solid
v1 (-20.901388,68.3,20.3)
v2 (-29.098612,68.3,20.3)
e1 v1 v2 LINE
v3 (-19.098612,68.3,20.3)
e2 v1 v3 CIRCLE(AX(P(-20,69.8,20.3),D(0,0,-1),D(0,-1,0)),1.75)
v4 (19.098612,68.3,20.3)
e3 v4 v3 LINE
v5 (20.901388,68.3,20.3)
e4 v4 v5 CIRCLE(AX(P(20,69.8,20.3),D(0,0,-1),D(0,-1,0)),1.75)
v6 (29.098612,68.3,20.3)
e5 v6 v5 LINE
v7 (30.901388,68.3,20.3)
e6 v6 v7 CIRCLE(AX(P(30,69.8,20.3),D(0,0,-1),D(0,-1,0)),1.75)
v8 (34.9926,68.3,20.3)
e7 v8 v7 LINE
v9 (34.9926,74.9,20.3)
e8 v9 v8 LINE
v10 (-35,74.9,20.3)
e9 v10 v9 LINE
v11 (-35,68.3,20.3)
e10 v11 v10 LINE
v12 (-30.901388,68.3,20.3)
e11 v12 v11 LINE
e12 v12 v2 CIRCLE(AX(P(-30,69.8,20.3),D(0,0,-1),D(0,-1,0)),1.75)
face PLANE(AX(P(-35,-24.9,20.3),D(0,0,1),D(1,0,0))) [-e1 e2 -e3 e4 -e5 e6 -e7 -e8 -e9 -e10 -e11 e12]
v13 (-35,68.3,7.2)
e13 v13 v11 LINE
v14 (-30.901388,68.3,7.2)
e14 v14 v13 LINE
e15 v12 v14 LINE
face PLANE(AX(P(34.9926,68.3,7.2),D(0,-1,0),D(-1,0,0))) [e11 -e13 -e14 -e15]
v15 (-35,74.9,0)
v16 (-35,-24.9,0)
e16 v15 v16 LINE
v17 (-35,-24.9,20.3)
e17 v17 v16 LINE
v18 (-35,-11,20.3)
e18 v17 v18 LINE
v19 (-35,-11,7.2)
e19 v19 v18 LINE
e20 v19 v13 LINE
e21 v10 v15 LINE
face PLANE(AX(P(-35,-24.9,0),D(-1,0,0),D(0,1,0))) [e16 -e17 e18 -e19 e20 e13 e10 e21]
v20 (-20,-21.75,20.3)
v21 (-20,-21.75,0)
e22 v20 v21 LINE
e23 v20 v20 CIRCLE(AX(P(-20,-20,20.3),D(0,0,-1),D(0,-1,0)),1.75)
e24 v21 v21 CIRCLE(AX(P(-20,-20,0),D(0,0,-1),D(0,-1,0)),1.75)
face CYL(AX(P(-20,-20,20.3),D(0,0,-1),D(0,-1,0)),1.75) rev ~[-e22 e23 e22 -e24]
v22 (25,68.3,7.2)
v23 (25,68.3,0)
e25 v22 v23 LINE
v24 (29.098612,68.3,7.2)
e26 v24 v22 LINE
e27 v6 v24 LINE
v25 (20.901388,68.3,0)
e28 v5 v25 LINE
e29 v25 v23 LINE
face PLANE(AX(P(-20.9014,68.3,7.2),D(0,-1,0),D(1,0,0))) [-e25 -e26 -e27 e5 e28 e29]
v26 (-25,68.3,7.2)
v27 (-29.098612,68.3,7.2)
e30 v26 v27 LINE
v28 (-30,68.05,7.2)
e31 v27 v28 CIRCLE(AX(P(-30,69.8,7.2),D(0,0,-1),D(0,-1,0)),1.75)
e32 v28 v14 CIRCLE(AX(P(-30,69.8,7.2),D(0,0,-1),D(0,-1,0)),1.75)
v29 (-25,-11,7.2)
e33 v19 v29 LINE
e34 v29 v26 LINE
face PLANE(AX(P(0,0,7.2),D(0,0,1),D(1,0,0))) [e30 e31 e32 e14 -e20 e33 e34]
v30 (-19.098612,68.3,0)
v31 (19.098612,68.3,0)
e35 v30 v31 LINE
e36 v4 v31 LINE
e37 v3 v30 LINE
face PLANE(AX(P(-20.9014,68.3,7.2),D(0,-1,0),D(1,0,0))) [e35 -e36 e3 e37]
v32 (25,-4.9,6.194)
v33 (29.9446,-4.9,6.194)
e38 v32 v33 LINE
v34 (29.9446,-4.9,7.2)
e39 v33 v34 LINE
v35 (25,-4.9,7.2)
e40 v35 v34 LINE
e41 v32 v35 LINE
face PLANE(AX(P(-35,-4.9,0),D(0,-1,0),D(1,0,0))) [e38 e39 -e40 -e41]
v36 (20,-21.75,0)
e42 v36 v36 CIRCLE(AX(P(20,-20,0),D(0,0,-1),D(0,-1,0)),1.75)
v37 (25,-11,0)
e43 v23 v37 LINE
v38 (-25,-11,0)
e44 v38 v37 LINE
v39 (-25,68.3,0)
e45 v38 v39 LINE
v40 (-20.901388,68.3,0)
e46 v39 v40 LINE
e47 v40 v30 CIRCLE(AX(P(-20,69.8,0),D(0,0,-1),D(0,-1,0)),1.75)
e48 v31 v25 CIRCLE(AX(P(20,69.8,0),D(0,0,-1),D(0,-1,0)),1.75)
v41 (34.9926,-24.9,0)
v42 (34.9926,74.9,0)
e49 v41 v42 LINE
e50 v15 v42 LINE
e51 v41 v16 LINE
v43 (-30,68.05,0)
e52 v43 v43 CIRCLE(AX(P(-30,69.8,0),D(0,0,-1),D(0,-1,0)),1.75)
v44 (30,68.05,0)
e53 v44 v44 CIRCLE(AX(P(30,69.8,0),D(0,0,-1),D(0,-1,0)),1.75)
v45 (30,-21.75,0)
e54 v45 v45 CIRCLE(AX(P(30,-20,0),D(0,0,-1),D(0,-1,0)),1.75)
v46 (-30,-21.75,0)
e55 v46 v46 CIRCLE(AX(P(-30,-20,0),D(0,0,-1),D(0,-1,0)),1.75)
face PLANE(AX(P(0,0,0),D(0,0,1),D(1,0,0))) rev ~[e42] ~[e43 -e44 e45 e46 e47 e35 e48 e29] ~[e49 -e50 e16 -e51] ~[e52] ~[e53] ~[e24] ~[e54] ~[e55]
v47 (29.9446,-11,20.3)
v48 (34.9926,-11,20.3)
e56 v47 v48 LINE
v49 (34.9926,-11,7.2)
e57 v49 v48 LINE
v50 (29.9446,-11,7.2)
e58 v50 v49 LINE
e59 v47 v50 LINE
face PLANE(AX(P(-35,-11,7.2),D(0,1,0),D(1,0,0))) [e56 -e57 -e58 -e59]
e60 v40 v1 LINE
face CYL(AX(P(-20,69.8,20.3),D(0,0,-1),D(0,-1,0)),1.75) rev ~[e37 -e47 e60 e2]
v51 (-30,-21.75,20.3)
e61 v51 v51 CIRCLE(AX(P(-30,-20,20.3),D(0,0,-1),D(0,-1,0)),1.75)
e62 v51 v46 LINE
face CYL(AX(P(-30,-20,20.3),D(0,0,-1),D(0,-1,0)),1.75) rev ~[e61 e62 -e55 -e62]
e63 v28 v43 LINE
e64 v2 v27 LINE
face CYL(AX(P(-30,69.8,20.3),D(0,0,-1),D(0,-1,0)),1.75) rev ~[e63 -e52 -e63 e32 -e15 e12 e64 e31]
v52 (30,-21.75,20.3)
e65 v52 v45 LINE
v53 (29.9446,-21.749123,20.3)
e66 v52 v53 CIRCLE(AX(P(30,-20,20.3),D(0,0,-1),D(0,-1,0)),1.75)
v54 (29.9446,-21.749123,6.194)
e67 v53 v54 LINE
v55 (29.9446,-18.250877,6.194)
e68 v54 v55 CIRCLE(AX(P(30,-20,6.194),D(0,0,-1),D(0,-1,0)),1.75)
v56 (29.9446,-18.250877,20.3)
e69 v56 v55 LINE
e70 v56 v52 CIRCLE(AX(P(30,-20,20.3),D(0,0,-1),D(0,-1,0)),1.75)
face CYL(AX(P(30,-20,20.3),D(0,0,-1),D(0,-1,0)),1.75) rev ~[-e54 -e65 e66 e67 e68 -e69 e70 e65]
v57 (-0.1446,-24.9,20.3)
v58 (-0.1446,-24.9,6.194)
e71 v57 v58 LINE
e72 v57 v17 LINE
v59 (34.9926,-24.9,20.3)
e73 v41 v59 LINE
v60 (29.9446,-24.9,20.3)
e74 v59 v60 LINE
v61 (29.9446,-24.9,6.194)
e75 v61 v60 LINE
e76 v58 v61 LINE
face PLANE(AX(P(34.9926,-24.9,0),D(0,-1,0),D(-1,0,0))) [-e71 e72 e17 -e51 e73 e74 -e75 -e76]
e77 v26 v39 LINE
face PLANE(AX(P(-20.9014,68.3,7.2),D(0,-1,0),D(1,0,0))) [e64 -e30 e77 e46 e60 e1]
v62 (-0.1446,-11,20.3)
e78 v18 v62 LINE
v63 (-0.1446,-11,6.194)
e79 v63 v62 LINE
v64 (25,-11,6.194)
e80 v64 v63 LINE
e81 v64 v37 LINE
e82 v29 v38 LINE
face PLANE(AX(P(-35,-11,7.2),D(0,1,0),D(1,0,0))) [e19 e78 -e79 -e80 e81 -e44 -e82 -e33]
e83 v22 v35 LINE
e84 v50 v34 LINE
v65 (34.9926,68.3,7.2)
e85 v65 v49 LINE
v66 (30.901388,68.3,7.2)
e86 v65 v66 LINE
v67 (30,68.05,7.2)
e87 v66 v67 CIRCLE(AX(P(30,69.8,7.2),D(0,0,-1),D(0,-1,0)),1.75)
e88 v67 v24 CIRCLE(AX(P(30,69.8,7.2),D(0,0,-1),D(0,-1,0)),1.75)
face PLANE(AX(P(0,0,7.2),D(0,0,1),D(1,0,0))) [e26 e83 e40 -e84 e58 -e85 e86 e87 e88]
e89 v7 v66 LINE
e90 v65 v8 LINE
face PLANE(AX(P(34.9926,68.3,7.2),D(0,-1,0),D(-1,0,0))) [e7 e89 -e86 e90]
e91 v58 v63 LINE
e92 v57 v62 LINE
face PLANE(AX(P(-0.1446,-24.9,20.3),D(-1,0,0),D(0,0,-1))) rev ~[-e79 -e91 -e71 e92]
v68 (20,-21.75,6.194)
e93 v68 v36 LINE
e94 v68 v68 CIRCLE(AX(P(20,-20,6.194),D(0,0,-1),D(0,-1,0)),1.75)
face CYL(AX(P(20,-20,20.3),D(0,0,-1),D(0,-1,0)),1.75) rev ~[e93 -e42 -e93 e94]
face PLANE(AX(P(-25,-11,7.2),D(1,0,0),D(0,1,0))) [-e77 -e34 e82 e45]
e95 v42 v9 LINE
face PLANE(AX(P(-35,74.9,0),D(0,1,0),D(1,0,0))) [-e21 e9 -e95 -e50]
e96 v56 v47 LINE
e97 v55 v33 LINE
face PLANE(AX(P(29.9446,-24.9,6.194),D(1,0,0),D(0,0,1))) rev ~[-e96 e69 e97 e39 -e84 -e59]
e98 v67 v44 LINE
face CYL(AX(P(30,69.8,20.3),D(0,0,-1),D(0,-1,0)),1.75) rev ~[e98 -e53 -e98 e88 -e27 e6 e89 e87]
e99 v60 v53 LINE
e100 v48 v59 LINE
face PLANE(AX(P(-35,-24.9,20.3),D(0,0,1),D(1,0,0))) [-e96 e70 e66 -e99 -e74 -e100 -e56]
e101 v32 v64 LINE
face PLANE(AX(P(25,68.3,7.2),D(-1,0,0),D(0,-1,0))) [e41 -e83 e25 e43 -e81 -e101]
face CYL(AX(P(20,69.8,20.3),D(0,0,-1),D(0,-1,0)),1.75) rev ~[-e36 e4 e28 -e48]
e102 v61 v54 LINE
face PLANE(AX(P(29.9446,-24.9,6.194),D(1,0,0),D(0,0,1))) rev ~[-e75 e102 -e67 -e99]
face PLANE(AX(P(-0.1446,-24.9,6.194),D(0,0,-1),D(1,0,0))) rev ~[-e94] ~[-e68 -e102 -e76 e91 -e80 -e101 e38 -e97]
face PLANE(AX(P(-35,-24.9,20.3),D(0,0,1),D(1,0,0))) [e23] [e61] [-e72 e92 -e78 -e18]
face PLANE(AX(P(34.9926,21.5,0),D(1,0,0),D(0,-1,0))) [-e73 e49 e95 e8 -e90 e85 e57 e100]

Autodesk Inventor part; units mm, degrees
ref_plane "YZ Plane" through (0, 0, 0) normal (1, 0, 0) x (0, 1, 0)
ref_plane "Arbeitsebene1" through (0, 0, 0) normal (0, 0, 1) x (1, 0, 0)
sketch "Skizze1" plane through (0, 0, 0) normal (0, 0, 1) x (1, 0, 0)
  arc A0 (63.4381, 5.6873) -> (63.3881, 5.2) centre (65.7881, 5.2) ccw construction
  line L0 (63.4381, 5.6873) -> (63.4381, 7.6) construction
  line L1 (63.4381, 7.6) -> (65.7881, 7.6) construction
  arc A1 (68.1881, 5.2) -> (65.7881, 7.6) centre (65.7881, 5.2) ccw construction
  line L2 (68.1881, 5.2) -> (68.1881, -5.2) construction
  arc A2 (65.7881, -7.6) -> (68.1881, -5.2) centre (65.7881, -5.2) ccw construction
  line L3 (65.7881, -7.6) -> (63.4381, -7.6) construction
  line L4 (63.4381, -7.6) -> (63.4381, -5.6873) construction
  arc A3 (63.3881, -5.2) -> (63.4381, -5.6873) centre (65.7881, -5.2) ccw construction
  line L5 (63.3881, -5.2) -> (63.3881, 5.2) construction
  arc A4 (-72.9, 74.9) -> (-74.9, 72.9) centre (-72.9, 72.9) ccw construction
  line L6 (-74.9, 72.9) -> (-74.9, -22.9) construction
  arc A5 (-74.9, -22.9) -> (-72.9, -24.9) centre (-72.9, -22.9) ccw construction
  line L7 (-72.9, -24.9) -> (72.9, -24.9) construction
  arc A6 (72.9, -24.9) -> (74.9, -22.9) centre (72.9, -22.9) ccw construction
  line L8 (74.9, -22.9) -> (74.9, 72.9) construction
  arc A7 (74.9, 72.9) -> (72.9, 74.9) centre (72.9, 72.9) ccw construction
  line L9 (72.9, 74.9) -> (-72.9, 74.9) construction
  circle A8 centre (-70, -20) radius 1.6 construction
  circle A9 centre (70, -20) radius 1.6 construction
  circle A10 centre (70, 20) radius 1.6 construction
  circle A11 centre (-70, 20) radius 1.6 construction
  arc A12 (-58.3017, -21.066) -> (-56.7383, -21.066) centre (-57.52, -20.62) ccw construction
  line L10 (-58.3017, -21.066) -> (-67.9, -21.066) construction
  line L11 (-67.9, -21.066) -> (-67.9, -9) construction
  line L12 (-67.9, -9) -> (-64.5, -9) construction
  arc A13 (-64.5, -9) -> (-61.5, -6) centre (-64.5, -6) ccw construction
  line L13 (-61.5, -6) -> (-61.5, 6) construction
  arc A14 (-61.5, 6) -> (-64.5, 9) centre (-64.5, 6) ccw construction
  line L14 (-64.5, 9) -> (-67.9, 9) construction
  line L15 (-67.9, 28.5) -> (-67.9, 64.9) construction
  line L16 (67.9, 64.9) -> (67.9, 28.5) construction
  arc A15 (64.9, 9) -> (67.9, 12) centre (64.9, 12) ccw construction
  line L17 (64.5, 9) -> (64.9, 9) construction
  arc A16 (64.5, 9) -> (61.5, 6) centre (64.5, 6) ccw construction
  line L18 (61.5, -6) -> (61.5, 6) construction
  arc A17 (61.5, -6) -> (64.5, -9) centre (64.5, -6) ccw construction
  line L19 (64.9, -9) -> (64.5, -9) construction
  arc A18 (67.9, -12) -> (64.9, -9) centre (64.9, -12) ccw construction
  line L20 (67.9, -12) -> (67.9, -21.066) construction
  line L21 (67.9, -21.066) -> (58.3017, -21.066) construction
  arc A19 (56.7383, -21.066) -> (58.3017, -21.066) centre (57.52, -20.62) ccw construction
  line L22 (56.7383, -21.066) -> (43.0617, -21.066) construction
  arc A20 (41.4983, -21.066) -> (43.0617, -21.066) centre (42.28, -20.62) ccw construction
  line L23 (41.4983, -21.066) -> (31.1932, -21.066) construction
  arc A21 (28.8068, -21.066) -> (31.1932, -21.066) centre (30, -20) ccw construction
  line L24 (28.8068, -21.066) -> (21.1932, -21.066) construction
  arc A22 (18.8068, -21.066) -> (21.1932, -21.066) centre (20, -20) ccw construction
  line L25 (18.8068, -21.066) -> (-18.8068, -21.066) construction
  arc A23 (-21.1932, -21.066) -> (-18.8068, -21.066) centre (-20, -20) ccw construction
  line L26 (-21.1932, -21.066) -> (-28.8068, -21.066) construction
  arc A24 (-31.1932, -21.066) -> (-28.8068, -21.066) centre (-30, -20) ccw construction
  line L27 (-31.1932, -21.066) -> (-41.4983, -21.066) construction
  arc A25 (-43.0617, -21.066) -> (-41.4983, -21.066) centre (-42.28, -20.62) ccw construction
  line L28 (-43.0617, -21.066) -> (-56.7383, -21.066) construction
  arc A26 (-63.4381, -5.6873) -> (-63.3881, -5.2) centre (-65.7881, -5.2) ccw construction
  line L29 (-63.4381, -5.6873) -> (-63.4381, -7.6) construction
  line L30 (-63.4381, -7.6) -> (-65.7881, -7.6) construction
  arc A27 (-68.1881, -5.2) -> (-65.7881, -7.6) centre (-65.7881, -5.2) ccw construction
  line L31 (-68.1881, -5.2) -> (-68.1881, 5.2) construction
  arc A28 (-65.7881, 7.6) -> (-68.1881, 5.2) centre (-65.7881, 5.2) ccw construction
  line L32 (-65.7881, 7.6) -> (-63.4381, 7.6) construction
  line L33 (-63.4381, 7.6) -> (-63.4381, 5.6873) construction
  arc A29 (-63.3881, 5.2) -> (-63.4381, 5.6873) centre (-65.7881, 5.2) ccw construction
  line L34 (-63.3881, 5.2) -> (-63.3881, -5.2) construction
  arc A30 (-63.4381, -55.4873) -> (-63.3881, -55) centre (-65.7881, -55) ccw construction
  line L35 (-63.4381, -55.4873) -> (-63.4381, -57.4) construction
  line L36 (-63.4381, -57.4) -> (-65.7881, -57.4) construction
  arc A31 (-68.1881, -55) -> (-65.7881, -57.4) centre (-65.7881, -55) ccw construction
  line L37 (-68.1881, -55) -> (-68.1881, -44.6) construction
  arc A32 (-65.7881, -42.2) -> (-68.1881, -44.6) centre (-65.7881, -44.6) ccw construction
  line L38 (-65.7881, -42.2) -> (-63.4381, -42.2) construction
  line L39 (-63.4381, -42.2) -> (-63.4381, -44.1127) construction
  arc A33 (-63.3881, -44.6) -> (-63.4381, -44.1127) centre (-65.7881, -44.6) ccw construction
  line L40 (-63.3881, -44.6) -> (-63.3881, -55) construction
  arc A34 (72.9, -74.7) -> (74.9, -72.7) centre (72.9, -72.7) ccw construction
  line L41 (74.9, -72.7) -> (74.9, -26.9) construction
  arc A35 (74.9, -26.9) -> (72.9, -24.9) centre (72.9, -26.9) ccw construction
  line L42 (72.9, -24.9) -> (-72.9, -24.9) construction
  arc A36 (-72.9, -24.9) -> (-74.9, -26.9) centre (-72.9, -26.9) ccw construction
  line L43 (-74.9, -26.9) -> (-74.9, -72.7) construction
  arc A37 (-74.9, -72.7) -> (-72.9, -74.7) centre (-72.9, -72.7) ccw construction
  line L44 (-72.9, -74.7) -> (72.9, -74.7) construction
  circle A38 centre (70, -29.8) radius 1.6 construction
  circle A39 centre (-70, -29.8) radius 1.6 construction
  circle A40 centre (-70, -69.8) radius 1.6 construction
  circle A41 centre (70, -69.8) radius 1.6 construction
  arc A42 (58.3017, -28.734) -> (56.7383, -28.734) centre (57.52, -29.18) ccw construction
  line L45 (58.3017, -28.734) -> (67.9, -28.734) construction
  line L46 (67.9, -28.734) -> (67.9, -40.8) construction
  line L47 (67.9, -40.8) -> (64.5, -40.8) construction
  arc A43 (64.5, -40.8) -> (61.5, -43.8) centre (64.5, -43.8) ccw construction
  line L48 (61.5, -43.8) -> (61.5, -55.8) construction
  arc A44 (61.5, -55.8) -> (64.5, -58.8) centre (64.5, -55.8) ccw construction
  line L49 (64.5, -58.8) -> (67.9, -58.8) construction
  line L50 (67.9, -58.8) -> (67.9, -70.866) construction
  line L51 (67.9, -70.866) -> (31.1932, -70.866) construction
  arc A45 (28.8068, -70.866) -> (31.1932, -70.866) centre (30, -69.8) ccw construction
  line L52 (28.8068, -70.866) -> (21.1932, -70.866) construction
  arc A46 (18.8068, -70.866) -> (21.1932, -70.866) centre (20, -69.8) ccw construction
  line L53 (18.8068, -70.866) -> (-18.8068, -70.866) construction
  arc A47 (-21.1932, -70.866) -> (-18.8068, -70.866) centre (-20, -69.8) ccw construction
  line L54 (-21.1932, -70.866) -> (-28.8068, -70.866) construction
  arc A48 (-31.1932, -70.866) -> (-28.8068, -70.866) centre (-30, -69.8) ccw construction
  line L55 (-31.1932, -70.866) -> (-67.9, -70.866) construction
  line L56 (-67.9, -70.866) -> (-67.9, -61.8) construction
  arc A49 (-64.9, -58.8) -> (-67.9, -61.8) centre (-64.9, -61.8) ccw construction
  line L57 (-64.5, -58.8) -> (-64.9, -58.8) construction
  arc A50 (-64.5, -58.8) -> (-61.5, -55.8) centre (-64.5, -55.8) ccw construction
  line L58 (-61.5, -43.8) -> (-61.5, -55.8) construction
  arc A51 (-61.5, -43.8) -> (-64.5, -40.8) centre (-64.5, -43.8) ccw construction
  line L59 (-64.9, -40.8) -> (-64.5, -40.8) construction
  arc A52 (-67.9, -37.8) -> (-64.9, -40.8) centre (-64.9, -37.8) ccw construction
  line L60 (-67.9, -37.8) -> (-67.9, -28.734) construction
  line L61 (-67.9, -28.734) -> (-58.3017, -28.734) construction
  arc A53 (-56.7383, -28.734) -> (-58.3017, -28.734) centre (-57.52, -29.18) ccw construction
  line L62 (-56.7383, -28.734) -> (-43.0617, -28.734) construction
  arc A54 (-41.4983, -28.734) -> (-43.0617, -28.734) centre (-42.28, -29.18) ccw construction
  line L63 (-41.4983, -28.734) -> (-31.1932, -28.734) construction
  arc A55 (-28.8068, -28.734) -> (-31.1932, -28.734) centre (-30, -29.8) ccw construction
  line L64 (-28.8068, -28.734) -> (-21.1932, -28.734) construction
  arc A56 (-18.8068, -28.734) -> (-21.1932, -28.734) centre (-20, -29.8) ccw construction
  line L65 (-18.8068, -28.734) -> (18.8068, -28.734) construction
  arc A57 (21.1932, -28.734) -> (18.8068, -28.734) centre (20, -29.8) ccw construction
  line L66 (21.1932, -28.734) -> (28.8068, -28.734) construction
  arc A58 (31.1932, -28.734) -> (28.8068, -28.734) centre (30, -29.8) ccw construction
  line L67 (31.1932, -28.734) -> (41.4983, -28.734) construction
  arc A59 (43.0617, -28.734) -> (41.4983, -28.734) centre (42.28, -29.18) ccw construction
  line L68 (43.0617, -28.734) -> (56.7383, -28.734) construction
  arc A60 (63.4381, -44.1127) -> (63.3881, -44.6) centre (65.7881, -44.6) ccw construction
  line L69 (63.4381, -44.1127) -> (63.4381, -42.2) construction
  line L70 (63.4381, -42.2) -> (65.7881, -42.2) construction
  arc A61 (68.1881, -44.6) -> (65.7881, -42.2) centre (65.7881, -44.6) ccw construction
  line L71 (68.1881, -44.6) -> (68.1881, -55) construction
  arc A62 (65.7881, -57.4) -> (68.1881, -55) centre (65.7881, -55) ccw construction
  line L72 (65.7881, -57.4) -> (63.4381, -57.4) construction
  line L73 (63.4381, -57.4) -> (63.4381, -55.4873) construction
  arc A63 (63.3881, -55) -> (63.4381, -55.4873) centre (65.7881, -55) ccw construction
  line L74 (63.3881, -55) -> (63.3881, -44.6) construction
  line L75 (34.9926, -24.9) -> (-35, -24.9)
  line L76 (-35, -24.9) -> (-35, 74.9)
  line L77 (-35, 74.9) -> (34.9926, 74.9)
  line L78 (34.9926, 74.9) -> (34.9926, -24.9)
  line L79 (-67.9, 64.9) -> (-64.9, 67.9) projected
  line L80 (-64.9, 67.9) -> (64.9, 67.9) projected
  line L81 (64.9, 67.9) -> (67.9, 64.9) projected
  line L82 (-67.9, 28.5) -> (67.9, 28.5) projected
  circle A64 centre (-30, 70) radius 1.6 projected
  circle A65 centre (-70, 30) radius 1.6 projected
  circle A66 centre (20, 70) radius 1.6 projected
  circle A67 centre (70, 70) radius 1.6 projected
  circle A68 centre (70, 30) radius 1.6 projected
  circle A69 centre (30, 70) radius 1.6 projected
  circle A70 centre (-70, 70) radius 1.6 projected
  circle A71 centre (-20, 70) radius 1.6 projected
  line L83 (-67.9, 9) -> (-67.9, 21.5) projected
  line L84 (67.9, 21.5) -> (-67.9, 21.5) projected
  line L85 (67.9, 21.5) -> (67.9, 12) projected
  line L86 (-72.9, -24.9) -> (72.9, -24.9)
  point P0 (0, 0)
  point P1 (-67.9, 21.066)
  point P2 (67.9, 21.066)
ref_plane "Arbeitsebene2" through (74.9, 24.9, 0) normal (1, 0, 0) x (0, -1, 0)
ref_plane "Arbeitsebene3" through (-73.1, -57.9, 7.2) normal (0, 0, -1) x (0, 1, 0)
extrude "Extrusion2" add sketch "Skizze1" along normal up to surface (7.2 mm away) contours L75 L76 L84 L78 | L84 L76 L82 L78 | L82 L76 L80 L78 | L80 L76 L77 L78 | A64 | A66 | A69 | A71
sketch "Skizze3" plane through (-35, -24.9, 7.2) normal (0, 0, 1) x (1, 0, 0)
  line L0 (-40.1, 14.9) -> (109.9, 14.9) construction
  line L1 (109.9, 92.2) -> (-40.1, 92.2) construction
  line L2 (0, 99.8) -> (0, 0) construction
  line L3 (0, 0) -> (69.9926, 0) construction
  line L4 (69.9926, 0) -> (69.9926, 99.8) construction
  line L5 (69.9926, 99.8) -> (0, 99.8) construction
  line L6 (69.9926, 0) -> (0, 0) construction
  line L7 (69.9926, 0) -> (0, 0) construction
  line L8 (0, 0) -> (0, 13.9) construction
  line L9 (0, 13.9) -> (69.9926, 13.9) construction
  line L10 (69.9926, 13.9) -> (69.9926, 0) construction
  line L11 (69.9926, 99.8) -> (69.9926, 0) construction
  line L12 (69.9926, 99.8) -> (0, 99.8) construction
  line L13 (0, 99.8) -> (0, 93.2) construction
  line L14 (0, 93.2) -> (69.9926, 93.2) construction
  line L15 (69.9926, 93.2) -> (69.9926, 99.8) construction
  line L16 (69.9926, 0) -> (0, 0)
  line L17 (0, 0) -> (0, 13.9)
  line L18 (0, 13.9) -> (69.9926, 13.9)
  line L19 (69.9926, 13.9) -> (69.9926, 0)
  line L20 (0, 0) -> (0, 99.8) projected
  line L21 (0, 99.8) -> (69.9926, 99.8)
  line L22 (69.9926, 99.8) -> (69.9926, 93.2)
  line L23 (69.9926, 93.2) -> (0, 93.2)
  line L24 (0, 93.2) -> (0, 99.8)
  point P0 (35, 24.9)
  dimension "d8" = 1
  dimension "d9" = 1
ref_plane "Arbeitsebene4" through (-73.1, -57.9, 20.3) normal (0, 0, 1) x (1, 0, 0)
extrude "Extrusion3" add sketch "Skizze3" along normal up to surface (13.1 mm away)
sketch "Skizze4" plane through (-35, -24.9, 20.3) normal (0, 0, 1) x (1, 0, 0)
  circle A0 centre (65, 4.9) radius 1.6 projected
  circle A1 centre (55, 4.9) radius 1.6 projected
  circle A2 centre (15, 4.9) radius 1.6 projected
  circle A3 centre (5, 4.9) radius 1.6 projected
  circle A4 centre (5, 94.7) radius 1.6 projected
  circle A5 centre (15, 94.7) radius 1.6 projected
  line L0 (69.9926, 0) -> (0, 0) projected
  line L1 (0, 0) -> (0, 99.8) projected
  line L2 (0, 99.8) -> (69.9926, 99.8) projected
  line L3 (69.9926, 99.8) -> (69.9926, 0) projected
  circle A6 centre (55, 94.7) radius 1.6 projected
  circle A7 centre (65, 94.7) radius 1.6 projected
  point P0 (35, 24.9)
hole "Bohrung1" at (30, -20, 20.3) at (20, -20, 20.3) at (-20, -20, 20.3) at (-30, -20, 20.3) at (30, 69.8, 20.3) at (20, 69.8, 20.3) at (-20, 69.8, 20.3) at (-30, 69.8, 20.3) direction (0, 0, -1) diameter 3.5 end through all
sketch "Skizze5" plane through (-35, -11, 7.2) normal (0, 0, 1) x (1, 0, 0)
  arc A0 (14.0986, 79.3) -> (15.9014, 79.3) centre (15, 80.8) ccw projected
  line L0 (14.0986, 79.3) -> (5.9014, 79.3) projected
  arc A1 (4.0986, 79.3) -> (5.9014, 79.3) centre (5, 80.8) ccw projected
  line L1 (4.0986, 79.3) -> (0, 79.3) projected
  line L2 (0, 79.3) -> (0, 0) projected
  line L3 (0, 0) -> (69.9926, 0) projected
  line L4 (69.9926, 0) -> (69.9926, 79.3) projected
  line L5 (69.9926, 79.3) -> (65.9014, 79.3) projected
  arc A2 (64.0986, 79.3) -> (65.9014, 79.3) centre (65, 80.8) ccw projected
  line L6 (64.0986, 79.3) -> (55.9014, 79.3) projected
  arc A3 (54.0986, 79.3) -> (55.9014, 79.3) centre (55, 80.8) ccw projected
  line L7 (54.0986, 79.3) -> (15.9014, 79.3) projected
  line L8 (0, 0) -> (69.9926, 0) projected
  line L9 (14.0986, 79.3) -> (5.9014, 79.3) projected
  line L10 (60, 0) -> (10, 0)
  line L11 (10, 0) -> (10, 79.3)
  line L12 (10, 79.3) -> (60, 79.3)
  line L13 (60, 79.3) -> (60, 0)
  point P0 (35, 11)
extrude "Extrusion4" cut sketch "Skizze5" against normal blind 10 contours L12 A0 | A0 L7 A3 L6 L13 L3 L11 L0 | L12 A3
sketch "Skizze6" plane through (-35, -24.9, 0) normal (0, -1, 0) x (1, 0, 0)
  line L0 (0, 0) -> (0, 20.3) projected
  line L1 (69.9926, 0) -> (0, 0) projected
  line L2 (69.9926, 0) -> (69.9926, 20.3) projected
  line L3 (69.9926, 20.3) -> (0, 20.3) projected
  point P0 (35, 0)
sketch "Skizze7" plane through (-35, -24.9, 0) normal (0, -1, 0) x (1, 0, 0)
  line L0 (74.9, 16.6407) -> (96.8, 16.6407) construction
  line L1 (74.9, 9.8533) -> (74.9, 16.6407) construction
  line L2 (96.8, 9.8533) -> (74.9, 9.8533) construction
  line L3 (96.8, 16.6407) -> (96.8, 9.8533) construction
  line L4 (39.9, 9.8533) -> (39.9, 16.6407) construction
  line L5 (39.9, 16.6407) -> (59.9, 16.6407) construction
  line L6 (59.9, 9.8533) -> (39.9, 9.8533) construction
  line L7 (0, 0) -> (0, 20.3) construction
  line L8 (69.9926, 0) -> (0, 0) construction
  line L9 (69.9926, 0) -> (69.9926, 20.3) construction
  line L10 (69.9926, 20.3) -> (0, 20.3) construction
  line L11 (59.9, 16.6407) -> (59.9, 9.8533) construction
  line L12 (34.8554, 6.194) -> (64.9446, 6.194)
  line L13 (64.9446, 6.194) -> (64.9446, 20.3)
  line L14 (64.9446, 20.3) -> (34.8554, 20.3)
  line L15 (34.8554, 20.3) -> (34.8554, 6.194)
  line L16 (34.8554, 6.194) -> (64.9446, 20.3) construction
  line L17 (64.9446, 6.194) -> (34.8554, 20.3) construction
  point P0 (35, 0)
  point P1 (49.9, 13.247)
extrude "Extrusion5" cut sketch "Skizze7" against normal blind 20
properties part number "20_Projector_Sony_Mount_1"
